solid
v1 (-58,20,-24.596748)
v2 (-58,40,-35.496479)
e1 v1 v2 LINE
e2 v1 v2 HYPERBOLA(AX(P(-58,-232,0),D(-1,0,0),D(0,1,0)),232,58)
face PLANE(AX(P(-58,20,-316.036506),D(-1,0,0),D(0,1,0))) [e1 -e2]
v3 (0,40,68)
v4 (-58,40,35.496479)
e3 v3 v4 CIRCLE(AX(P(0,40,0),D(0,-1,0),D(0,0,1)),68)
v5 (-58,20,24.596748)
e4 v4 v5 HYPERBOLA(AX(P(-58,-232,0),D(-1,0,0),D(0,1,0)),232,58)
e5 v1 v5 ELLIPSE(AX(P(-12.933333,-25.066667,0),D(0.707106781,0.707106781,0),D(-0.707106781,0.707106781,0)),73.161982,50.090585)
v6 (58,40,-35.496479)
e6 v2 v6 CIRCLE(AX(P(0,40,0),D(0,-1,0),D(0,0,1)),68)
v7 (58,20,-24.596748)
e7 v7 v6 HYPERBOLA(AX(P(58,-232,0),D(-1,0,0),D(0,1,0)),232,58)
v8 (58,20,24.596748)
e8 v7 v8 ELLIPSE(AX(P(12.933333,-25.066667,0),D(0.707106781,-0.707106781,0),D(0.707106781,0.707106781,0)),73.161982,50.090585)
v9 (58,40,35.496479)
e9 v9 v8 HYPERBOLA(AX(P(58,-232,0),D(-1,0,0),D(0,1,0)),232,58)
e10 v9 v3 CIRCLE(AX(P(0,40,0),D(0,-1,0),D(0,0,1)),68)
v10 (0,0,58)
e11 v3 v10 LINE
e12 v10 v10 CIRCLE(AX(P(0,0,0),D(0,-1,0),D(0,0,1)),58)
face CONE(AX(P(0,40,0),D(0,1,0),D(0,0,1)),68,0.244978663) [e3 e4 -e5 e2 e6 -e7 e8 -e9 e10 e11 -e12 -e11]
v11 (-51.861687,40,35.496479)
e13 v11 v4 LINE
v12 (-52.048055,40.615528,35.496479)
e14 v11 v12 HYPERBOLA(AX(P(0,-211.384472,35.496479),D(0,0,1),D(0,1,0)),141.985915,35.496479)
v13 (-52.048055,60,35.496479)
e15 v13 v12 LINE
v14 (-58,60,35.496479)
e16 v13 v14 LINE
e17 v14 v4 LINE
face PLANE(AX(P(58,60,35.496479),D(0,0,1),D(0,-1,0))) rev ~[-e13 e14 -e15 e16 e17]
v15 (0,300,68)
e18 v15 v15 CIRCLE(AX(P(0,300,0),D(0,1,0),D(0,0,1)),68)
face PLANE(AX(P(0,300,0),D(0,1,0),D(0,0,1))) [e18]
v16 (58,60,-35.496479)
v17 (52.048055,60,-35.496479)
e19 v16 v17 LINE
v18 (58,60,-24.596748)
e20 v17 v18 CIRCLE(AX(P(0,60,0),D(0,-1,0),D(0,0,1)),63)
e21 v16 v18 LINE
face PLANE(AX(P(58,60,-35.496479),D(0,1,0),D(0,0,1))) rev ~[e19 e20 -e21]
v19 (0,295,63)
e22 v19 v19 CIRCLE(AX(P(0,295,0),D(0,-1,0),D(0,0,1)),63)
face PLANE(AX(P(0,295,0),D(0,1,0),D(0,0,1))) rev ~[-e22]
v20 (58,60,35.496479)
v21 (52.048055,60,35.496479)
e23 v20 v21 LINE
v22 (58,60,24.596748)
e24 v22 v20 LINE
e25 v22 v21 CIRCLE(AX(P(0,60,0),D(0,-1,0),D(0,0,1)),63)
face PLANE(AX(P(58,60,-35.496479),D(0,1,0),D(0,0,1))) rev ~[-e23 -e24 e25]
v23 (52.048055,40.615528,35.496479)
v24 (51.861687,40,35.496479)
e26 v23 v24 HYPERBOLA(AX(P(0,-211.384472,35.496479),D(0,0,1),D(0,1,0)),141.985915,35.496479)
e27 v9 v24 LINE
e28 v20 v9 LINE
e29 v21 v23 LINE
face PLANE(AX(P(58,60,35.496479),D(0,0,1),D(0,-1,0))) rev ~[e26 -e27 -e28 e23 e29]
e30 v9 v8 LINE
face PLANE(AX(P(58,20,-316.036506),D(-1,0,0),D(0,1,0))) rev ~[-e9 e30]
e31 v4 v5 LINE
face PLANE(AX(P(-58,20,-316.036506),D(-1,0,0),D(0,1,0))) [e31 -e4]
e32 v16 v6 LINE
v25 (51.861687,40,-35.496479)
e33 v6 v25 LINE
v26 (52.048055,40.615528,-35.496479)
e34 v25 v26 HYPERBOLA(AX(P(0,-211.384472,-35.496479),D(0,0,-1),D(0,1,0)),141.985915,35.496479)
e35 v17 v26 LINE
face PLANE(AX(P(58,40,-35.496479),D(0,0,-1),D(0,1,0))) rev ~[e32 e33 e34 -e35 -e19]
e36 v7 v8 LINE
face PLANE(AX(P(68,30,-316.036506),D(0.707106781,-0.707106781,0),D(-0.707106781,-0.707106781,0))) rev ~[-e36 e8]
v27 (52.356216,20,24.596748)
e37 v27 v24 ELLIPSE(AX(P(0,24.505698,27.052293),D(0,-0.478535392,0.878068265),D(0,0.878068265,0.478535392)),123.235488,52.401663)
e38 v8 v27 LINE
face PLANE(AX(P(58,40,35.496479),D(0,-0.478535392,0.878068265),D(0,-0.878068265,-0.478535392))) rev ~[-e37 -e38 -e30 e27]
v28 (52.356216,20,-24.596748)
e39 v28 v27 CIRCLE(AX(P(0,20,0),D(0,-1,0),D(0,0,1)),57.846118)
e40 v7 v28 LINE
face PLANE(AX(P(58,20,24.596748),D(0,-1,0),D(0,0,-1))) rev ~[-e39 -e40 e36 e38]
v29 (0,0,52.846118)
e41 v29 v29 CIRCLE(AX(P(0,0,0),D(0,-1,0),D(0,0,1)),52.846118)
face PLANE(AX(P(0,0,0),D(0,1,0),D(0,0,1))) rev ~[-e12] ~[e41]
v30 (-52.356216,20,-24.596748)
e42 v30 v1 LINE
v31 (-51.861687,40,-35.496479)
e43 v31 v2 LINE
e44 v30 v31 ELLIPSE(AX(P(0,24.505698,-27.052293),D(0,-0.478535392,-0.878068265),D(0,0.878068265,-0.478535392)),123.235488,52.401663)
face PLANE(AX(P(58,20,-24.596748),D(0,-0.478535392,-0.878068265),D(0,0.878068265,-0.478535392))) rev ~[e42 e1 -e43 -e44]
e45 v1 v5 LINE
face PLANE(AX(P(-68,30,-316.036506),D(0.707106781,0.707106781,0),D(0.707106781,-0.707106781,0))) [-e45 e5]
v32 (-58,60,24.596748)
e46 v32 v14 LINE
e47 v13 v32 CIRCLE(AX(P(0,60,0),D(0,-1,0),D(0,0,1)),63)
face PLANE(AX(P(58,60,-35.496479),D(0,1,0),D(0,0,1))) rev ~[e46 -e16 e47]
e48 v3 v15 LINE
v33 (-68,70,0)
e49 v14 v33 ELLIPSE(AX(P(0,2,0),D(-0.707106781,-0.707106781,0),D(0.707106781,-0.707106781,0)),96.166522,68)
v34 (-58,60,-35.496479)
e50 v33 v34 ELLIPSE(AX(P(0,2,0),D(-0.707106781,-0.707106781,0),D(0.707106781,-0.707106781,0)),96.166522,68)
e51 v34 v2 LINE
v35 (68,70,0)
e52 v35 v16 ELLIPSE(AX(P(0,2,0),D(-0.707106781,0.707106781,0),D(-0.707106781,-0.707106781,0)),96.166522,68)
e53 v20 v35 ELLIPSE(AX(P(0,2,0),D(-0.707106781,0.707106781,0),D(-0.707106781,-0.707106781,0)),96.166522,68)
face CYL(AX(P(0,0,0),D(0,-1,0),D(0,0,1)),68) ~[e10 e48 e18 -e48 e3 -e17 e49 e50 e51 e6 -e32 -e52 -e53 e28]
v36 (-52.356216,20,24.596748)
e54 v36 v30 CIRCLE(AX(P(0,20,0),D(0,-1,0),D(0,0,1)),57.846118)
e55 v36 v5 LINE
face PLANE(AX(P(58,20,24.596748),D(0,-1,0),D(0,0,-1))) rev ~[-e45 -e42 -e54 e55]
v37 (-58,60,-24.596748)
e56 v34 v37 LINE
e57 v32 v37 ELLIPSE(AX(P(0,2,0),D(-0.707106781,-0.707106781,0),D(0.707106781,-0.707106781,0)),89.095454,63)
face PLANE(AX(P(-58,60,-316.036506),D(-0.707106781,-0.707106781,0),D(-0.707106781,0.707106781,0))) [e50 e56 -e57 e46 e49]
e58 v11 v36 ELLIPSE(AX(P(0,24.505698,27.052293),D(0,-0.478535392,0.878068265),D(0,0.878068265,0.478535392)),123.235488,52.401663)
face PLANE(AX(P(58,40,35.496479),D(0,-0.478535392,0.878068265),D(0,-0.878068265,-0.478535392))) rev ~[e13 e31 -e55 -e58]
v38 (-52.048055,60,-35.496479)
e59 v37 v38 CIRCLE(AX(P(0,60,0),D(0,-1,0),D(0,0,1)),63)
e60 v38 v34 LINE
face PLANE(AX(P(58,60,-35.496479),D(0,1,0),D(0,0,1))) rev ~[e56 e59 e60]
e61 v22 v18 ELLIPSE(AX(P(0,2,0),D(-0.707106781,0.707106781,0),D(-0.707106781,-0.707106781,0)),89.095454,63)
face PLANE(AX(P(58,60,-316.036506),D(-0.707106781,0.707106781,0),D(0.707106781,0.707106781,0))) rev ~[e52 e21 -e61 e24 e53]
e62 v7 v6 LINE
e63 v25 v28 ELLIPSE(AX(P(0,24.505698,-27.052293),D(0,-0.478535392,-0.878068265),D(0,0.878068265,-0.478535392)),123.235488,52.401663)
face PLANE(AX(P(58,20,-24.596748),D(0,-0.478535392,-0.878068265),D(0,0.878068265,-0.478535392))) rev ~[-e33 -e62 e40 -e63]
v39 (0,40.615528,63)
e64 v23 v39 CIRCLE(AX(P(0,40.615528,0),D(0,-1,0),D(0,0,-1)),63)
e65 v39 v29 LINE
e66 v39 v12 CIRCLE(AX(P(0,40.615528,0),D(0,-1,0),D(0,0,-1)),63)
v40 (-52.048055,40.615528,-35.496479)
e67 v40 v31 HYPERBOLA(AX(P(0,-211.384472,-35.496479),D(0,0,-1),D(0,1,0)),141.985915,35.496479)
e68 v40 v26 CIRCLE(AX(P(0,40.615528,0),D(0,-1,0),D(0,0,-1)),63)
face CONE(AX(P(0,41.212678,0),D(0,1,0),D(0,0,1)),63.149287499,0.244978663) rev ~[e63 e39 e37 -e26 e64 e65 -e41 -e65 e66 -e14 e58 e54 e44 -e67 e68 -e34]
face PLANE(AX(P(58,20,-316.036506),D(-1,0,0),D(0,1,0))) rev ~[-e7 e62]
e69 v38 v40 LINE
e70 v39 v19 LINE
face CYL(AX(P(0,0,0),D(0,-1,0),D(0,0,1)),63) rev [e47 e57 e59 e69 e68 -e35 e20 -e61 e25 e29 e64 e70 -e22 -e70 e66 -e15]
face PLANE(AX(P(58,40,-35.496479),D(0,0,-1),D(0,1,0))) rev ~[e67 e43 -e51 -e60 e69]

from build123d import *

# Parameters (mm, degrees)
SKETCH3_R               = 68
BOSS_EXTRUDE1_DEPTH     = 300
SHELL1_T                = -5
CUT_EXTRUDE1_DEPTH      = 316.036505821
CUT_EXTRUDE1_DEPTH_BACK = 316.036505821
CUT_EXTRUDE2_START      = -116
CUT_EXTRUDE2_DEPTH      = 116


with BuildPart() as part:
    # Sketch3 → Boss-Extrude1 (new body)
    with BuildSketch(Plane(origin=(0, 0, 0), x_dir=(1, 0, 0), z_dir=(0, 1, 0))):
        with Locations(Location((0, 0, 0), (0, 0, 270))):
            Circle(SKETCH3_R)
    extrude(amount=BOSS_EXTRUDE1_DEPTH)

    # Sketch5 → Cut-Revolve1 (revolve, cut)
    with BuildSketch(Plane.XY, mode=Mode.PRIVATE) as cut_revolve1_sk:
        Polygon((-58, 0), (-68, 0), (-68, 40), align=None)
    revolve(cut_revolve1_sk.sketch.rotate(Axis((0, 300, 0), (0, -1, 0)), 270), axis=Axis((0, 300, 0), (0, -1, 0)), mode=Mode.SUBTRACT)

    # Shell1
    shell1_openings = [part.faces().sort_by_distance(p)[0] for p in [
        (0, 0, 0),
    ]]
    offset(amount=SHELL1_T, openings=shell1_openings, kind=Kind.INTERSECTION)

    # Sketch6 → Cut-Extrude1 (cut, two sides: drawn at the far end of the back side and taken through both)
    with BuildSketch(Plane.XY.offset(-CUT_EXTRUDE1_DEPTH_BACK)):
        Polygon((-68, 70), (-68, 30), (-58, 20), (-58, 60), align=None)
        Polygon((68, 30), (58, 20), (58, 60), (68, 70), align=None)
    extrude(amount=CUT_EXTRUDE1_DEPTH + CUT_EXTRUDE1_DEPTH_BACK, mode=Mode.SUBTRACT)

    # Sketch7 → Cut-Extrude2 (cut)
    with BuildSketch(Plane.ZY.offset(58).offset(CUT_EXTRUDE2_START)):
        Polygon((-35.496478699, 60), (35.496478699, 60), (35.496478699, 40), (24.596747752, 20), (-24.596747752, 20), (-35.496478699, 40), align=None)
    extrude(amount=CUT_EXTRUDE2_DEPTH, mode=Mode.SUBTRACT)


solid = part.part
